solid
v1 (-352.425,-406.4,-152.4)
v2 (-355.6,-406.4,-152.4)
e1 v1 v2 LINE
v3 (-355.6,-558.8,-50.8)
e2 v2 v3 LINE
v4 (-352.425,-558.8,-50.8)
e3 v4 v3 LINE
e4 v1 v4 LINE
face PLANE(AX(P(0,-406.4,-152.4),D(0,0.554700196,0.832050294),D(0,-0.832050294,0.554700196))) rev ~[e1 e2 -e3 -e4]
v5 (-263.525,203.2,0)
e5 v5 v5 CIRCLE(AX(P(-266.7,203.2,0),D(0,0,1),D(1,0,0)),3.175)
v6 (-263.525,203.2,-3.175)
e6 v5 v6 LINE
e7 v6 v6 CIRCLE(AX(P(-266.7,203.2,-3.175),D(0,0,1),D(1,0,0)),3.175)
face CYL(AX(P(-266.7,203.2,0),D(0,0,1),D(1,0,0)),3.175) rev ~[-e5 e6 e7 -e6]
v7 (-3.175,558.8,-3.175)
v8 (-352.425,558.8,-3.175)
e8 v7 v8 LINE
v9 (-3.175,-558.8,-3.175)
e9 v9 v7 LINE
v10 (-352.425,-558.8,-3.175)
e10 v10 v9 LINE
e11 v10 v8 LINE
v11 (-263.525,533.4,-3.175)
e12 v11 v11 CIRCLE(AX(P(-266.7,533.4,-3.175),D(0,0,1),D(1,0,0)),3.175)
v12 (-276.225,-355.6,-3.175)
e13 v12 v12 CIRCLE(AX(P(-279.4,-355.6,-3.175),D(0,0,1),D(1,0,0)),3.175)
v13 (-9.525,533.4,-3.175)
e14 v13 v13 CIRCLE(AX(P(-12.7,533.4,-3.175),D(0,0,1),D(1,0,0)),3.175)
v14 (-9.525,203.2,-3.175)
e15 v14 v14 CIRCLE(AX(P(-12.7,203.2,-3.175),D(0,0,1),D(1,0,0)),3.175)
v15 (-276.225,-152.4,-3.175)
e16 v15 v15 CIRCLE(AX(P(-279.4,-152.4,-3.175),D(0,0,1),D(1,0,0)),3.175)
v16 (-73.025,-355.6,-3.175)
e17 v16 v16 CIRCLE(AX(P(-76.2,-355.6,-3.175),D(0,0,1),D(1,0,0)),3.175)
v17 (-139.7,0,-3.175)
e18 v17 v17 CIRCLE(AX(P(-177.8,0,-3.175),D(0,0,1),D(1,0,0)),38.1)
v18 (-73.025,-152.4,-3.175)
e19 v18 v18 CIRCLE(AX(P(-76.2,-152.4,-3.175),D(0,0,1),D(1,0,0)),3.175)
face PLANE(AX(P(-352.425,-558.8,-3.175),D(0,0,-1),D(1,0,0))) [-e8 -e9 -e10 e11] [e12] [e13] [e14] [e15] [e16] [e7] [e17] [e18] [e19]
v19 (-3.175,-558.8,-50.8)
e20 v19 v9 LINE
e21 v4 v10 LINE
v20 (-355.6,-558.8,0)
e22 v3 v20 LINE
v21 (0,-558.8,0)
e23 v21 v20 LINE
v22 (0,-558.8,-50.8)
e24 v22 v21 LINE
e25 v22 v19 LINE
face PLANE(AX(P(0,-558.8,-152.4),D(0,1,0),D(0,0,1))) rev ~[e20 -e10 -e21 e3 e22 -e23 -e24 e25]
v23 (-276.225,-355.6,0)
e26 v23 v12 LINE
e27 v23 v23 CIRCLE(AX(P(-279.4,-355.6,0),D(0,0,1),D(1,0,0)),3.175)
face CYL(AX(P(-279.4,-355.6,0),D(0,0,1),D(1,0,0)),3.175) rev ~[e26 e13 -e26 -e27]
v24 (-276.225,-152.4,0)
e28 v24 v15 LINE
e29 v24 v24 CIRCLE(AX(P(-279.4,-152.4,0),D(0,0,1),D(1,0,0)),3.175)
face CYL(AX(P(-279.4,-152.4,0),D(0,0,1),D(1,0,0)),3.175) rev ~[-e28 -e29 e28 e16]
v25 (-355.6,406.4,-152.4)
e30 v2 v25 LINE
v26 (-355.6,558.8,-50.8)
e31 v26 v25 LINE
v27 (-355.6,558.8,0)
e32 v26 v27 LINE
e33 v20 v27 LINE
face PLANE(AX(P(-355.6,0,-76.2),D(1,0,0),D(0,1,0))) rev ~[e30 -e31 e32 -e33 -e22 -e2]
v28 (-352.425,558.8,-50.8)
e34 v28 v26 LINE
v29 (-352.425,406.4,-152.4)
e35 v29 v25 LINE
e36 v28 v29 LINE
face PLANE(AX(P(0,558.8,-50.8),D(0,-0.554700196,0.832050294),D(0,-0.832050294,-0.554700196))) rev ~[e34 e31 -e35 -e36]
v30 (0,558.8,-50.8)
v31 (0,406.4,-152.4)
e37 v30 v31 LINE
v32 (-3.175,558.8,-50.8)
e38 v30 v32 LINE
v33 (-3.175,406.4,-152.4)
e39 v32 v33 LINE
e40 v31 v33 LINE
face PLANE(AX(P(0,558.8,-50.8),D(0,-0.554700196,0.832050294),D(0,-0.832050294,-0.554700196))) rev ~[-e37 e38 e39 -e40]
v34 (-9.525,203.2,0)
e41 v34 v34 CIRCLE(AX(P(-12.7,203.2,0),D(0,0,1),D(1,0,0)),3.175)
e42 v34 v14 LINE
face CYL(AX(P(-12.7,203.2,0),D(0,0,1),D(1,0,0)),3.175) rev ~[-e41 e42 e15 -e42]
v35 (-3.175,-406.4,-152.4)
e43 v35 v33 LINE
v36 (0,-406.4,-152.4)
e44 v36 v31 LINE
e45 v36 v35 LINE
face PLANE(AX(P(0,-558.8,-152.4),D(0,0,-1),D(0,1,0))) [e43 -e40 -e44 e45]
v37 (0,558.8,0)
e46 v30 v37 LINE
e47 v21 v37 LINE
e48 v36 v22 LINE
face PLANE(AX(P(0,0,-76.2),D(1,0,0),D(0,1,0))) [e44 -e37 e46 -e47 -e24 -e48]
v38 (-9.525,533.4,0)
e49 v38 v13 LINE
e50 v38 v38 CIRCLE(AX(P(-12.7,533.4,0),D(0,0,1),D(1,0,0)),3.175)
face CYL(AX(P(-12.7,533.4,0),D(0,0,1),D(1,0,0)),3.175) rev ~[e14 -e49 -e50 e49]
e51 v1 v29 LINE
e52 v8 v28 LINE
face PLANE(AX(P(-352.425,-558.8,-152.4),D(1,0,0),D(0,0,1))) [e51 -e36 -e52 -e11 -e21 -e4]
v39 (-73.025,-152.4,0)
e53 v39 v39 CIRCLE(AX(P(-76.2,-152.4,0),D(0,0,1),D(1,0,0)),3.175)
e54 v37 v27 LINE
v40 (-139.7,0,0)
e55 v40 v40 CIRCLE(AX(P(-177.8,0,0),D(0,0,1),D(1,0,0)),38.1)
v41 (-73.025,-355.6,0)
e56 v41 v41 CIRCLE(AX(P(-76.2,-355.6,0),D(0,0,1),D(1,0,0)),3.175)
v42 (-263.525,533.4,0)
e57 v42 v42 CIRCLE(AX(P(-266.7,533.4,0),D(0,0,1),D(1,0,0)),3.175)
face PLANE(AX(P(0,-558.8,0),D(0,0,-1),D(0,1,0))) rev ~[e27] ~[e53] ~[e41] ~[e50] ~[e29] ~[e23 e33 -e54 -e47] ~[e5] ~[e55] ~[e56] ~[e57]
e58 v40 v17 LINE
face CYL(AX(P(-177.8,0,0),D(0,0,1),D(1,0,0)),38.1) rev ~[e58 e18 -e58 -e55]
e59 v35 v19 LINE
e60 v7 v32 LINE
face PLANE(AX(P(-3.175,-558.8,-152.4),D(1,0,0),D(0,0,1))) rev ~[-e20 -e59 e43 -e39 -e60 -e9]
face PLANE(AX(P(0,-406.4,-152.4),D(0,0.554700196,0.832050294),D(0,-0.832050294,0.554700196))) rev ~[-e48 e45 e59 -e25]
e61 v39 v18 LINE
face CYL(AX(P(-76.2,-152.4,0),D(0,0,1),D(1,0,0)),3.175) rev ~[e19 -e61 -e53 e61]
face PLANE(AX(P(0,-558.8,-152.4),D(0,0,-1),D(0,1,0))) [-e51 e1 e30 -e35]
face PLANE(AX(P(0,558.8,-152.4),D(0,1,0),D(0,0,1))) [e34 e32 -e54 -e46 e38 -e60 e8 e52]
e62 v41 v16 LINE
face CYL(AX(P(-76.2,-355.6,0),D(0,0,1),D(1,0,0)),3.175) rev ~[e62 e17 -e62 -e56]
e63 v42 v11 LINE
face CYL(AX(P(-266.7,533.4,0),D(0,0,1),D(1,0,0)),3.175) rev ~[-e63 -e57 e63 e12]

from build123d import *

# Parameters (mm, degrees)
F0_W     = 1117.6
F0_H     = 152.4
F1_DEPTH = 355.6
F2_W     = 349.25
F2_H     = 149.225
F3_DEPTH = 1117.601
F5_DEPTH = 355.601
F6_R     = 38.1
F6_R_2   = 3.175
F7_DEPTH = 152.401


with BuildPart() as f1:
    # F0 (on Right) → F1 (new body)
    with BuildSketch(Plane.YZ):
        with Locations((0, -76.2)):
            Rectangle(F0_W, F0_H)
    extrude(amount=-F1_DEPTH)

    # F2 (on face) → F3 (cut, through all)
    with BuildSketch(Plane.XZ.offset(558.8)):
        with Locations((-177.8, -77.7875)):
            Rectangle(F2_W, F2_H)
    extrude(amount=-F3_DEPTH, mode=Mode.SUBTRACT)

    # F4 (on face) → F5 (cut, through all)
    with BuildSketch(Plane.YZ):
        Polygon((-406.4, -152.4), (-558.8, -50.8), (-558.8, -152.4), align=None)
        Polygon((558.8, -152.4), (558.8, -50.8), (406.4, -152.4), align=None)
    extrude(amount=-F5_DEPTH, mode=Mode.SUBTRACT)

    # F6 (on face) → F7 (cut, through all)
    with BuildSketch(Plane.XY):
        with Locations((-177.8, 0)):
            Circle(F6_R)
        with Locations((-12.7, 203.2)):
            Circle(F6_R_2)
        with Locations((-266.7, 203.2)):
            Circle(F6_R_2)
        with Locations((-266.7, 533.4)):
            Circle(F6_R_2)
        with Locations((-12.7, 533.4)):
            Circle(F6_R_2)
        with Locations((-76.2, -355.6)):
            Circle(F6_R_2)
        with Locations((-76.2, -152.4)):
            Circle(F6_R_2)
        with Locations((-279.4, -152.4)):
            Circle(F6_R_2)
        with Locations((-279.4, -355.6)):
            Circle(F6_R_2)
    extrude(amount=-F7_DEPTH, mode=Mode.SUBTRACT)


solid = f1.part
